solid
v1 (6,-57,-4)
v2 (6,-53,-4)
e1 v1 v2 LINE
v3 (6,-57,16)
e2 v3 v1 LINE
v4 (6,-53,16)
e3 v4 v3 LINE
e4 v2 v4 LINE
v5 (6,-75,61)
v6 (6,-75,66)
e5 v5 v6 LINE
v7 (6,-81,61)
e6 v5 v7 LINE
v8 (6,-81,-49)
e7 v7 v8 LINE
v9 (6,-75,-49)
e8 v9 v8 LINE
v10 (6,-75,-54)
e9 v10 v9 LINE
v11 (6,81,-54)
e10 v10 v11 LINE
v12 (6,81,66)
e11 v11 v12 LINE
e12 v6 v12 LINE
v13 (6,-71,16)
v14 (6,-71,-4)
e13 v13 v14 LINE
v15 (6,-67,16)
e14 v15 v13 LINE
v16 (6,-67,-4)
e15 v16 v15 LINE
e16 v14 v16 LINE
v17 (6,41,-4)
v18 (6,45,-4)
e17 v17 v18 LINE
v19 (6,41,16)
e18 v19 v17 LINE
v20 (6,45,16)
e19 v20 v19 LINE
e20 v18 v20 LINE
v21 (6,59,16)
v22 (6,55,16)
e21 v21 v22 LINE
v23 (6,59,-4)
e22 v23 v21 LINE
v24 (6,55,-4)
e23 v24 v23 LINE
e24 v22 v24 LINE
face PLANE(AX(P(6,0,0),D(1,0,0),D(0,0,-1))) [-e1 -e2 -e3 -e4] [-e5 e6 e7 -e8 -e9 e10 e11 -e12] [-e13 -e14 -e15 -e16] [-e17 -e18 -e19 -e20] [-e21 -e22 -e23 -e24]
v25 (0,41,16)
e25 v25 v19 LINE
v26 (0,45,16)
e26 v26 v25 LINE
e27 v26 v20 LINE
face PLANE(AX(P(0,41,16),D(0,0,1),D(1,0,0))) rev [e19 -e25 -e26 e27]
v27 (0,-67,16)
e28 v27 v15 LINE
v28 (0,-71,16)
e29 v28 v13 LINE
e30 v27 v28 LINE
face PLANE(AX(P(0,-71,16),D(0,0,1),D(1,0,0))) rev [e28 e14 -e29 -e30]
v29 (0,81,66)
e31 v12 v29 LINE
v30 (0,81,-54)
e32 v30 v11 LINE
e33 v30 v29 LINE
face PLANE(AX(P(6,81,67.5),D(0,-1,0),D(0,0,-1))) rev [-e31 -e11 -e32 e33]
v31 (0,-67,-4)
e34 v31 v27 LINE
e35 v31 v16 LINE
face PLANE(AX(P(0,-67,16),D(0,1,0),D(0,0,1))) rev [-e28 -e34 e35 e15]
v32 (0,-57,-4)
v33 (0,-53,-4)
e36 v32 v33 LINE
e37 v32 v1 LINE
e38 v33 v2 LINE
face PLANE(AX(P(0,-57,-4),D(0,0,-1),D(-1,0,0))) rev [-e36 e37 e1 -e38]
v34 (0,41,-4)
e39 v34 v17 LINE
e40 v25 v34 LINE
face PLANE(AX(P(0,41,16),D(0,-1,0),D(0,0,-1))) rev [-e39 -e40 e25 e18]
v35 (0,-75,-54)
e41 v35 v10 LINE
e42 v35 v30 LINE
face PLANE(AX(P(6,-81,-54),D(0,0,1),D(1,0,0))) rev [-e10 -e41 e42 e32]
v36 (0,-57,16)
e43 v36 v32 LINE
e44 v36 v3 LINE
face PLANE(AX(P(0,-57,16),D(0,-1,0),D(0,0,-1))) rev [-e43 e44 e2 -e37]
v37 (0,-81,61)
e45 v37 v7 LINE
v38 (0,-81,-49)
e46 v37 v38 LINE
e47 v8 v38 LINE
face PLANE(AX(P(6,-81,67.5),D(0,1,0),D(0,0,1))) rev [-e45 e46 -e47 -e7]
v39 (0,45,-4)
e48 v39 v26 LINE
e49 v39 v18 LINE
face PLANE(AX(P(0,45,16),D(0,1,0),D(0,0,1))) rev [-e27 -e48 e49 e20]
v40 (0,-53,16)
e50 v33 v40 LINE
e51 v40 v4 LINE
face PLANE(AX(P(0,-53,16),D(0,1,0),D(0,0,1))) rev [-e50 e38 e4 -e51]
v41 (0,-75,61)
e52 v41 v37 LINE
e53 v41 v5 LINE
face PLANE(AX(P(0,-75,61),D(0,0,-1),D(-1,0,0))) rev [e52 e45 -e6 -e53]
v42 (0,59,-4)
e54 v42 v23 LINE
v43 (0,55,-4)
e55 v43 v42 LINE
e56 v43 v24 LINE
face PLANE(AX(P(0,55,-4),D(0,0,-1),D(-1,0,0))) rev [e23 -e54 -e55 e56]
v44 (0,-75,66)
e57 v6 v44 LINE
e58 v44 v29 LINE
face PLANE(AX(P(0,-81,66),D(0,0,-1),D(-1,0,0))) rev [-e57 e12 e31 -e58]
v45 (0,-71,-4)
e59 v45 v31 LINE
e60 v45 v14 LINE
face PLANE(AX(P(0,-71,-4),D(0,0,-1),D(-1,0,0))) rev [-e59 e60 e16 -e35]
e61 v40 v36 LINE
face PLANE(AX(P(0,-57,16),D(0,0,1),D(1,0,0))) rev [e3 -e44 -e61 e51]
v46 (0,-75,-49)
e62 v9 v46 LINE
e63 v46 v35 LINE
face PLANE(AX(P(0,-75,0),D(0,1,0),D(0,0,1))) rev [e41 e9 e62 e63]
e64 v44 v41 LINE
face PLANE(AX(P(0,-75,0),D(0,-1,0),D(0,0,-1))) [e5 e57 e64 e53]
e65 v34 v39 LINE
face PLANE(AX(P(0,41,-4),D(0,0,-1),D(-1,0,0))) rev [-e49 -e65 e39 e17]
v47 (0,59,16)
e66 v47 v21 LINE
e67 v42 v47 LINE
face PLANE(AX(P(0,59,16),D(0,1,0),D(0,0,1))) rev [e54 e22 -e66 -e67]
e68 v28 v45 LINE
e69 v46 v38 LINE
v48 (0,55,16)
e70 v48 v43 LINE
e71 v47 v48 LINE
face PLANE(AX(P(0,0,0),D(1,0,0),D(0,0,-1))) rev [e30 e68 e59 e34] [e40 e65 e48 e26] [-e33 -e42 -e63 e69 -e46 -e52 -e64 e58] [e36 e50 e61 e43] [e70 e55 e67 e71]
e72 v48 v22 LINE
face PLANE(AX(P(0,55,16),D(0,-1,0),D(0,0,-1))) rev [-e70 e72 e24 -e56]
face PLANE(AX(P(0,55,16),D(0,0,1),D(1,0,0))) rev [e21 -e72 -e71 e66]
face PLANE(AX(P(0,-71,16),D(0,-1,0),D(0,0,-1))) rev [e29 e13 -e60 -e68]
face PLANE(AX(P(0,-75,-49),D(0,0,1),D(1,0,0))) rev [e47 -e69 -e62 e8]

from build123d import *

# Parameters (mm, degrees)
CROQUIS2_W              = 135
CROQUIS2_H              = 162
SALIENTE_EXTRUIR1_DEPTH = 6
CROQUIS4_W              = 6
CROQUIS4_H              = 13.5
CROQUIS4_H_2            = 1.5
CORTAR_EXTRUIR2_DEPTH   = 163
CROQUIS5_W              = 6
CROQUIS5_H              = 6.5
CROQUIS5_H_2            = 5
CORTAR_EXTRUIR3_DEPTH   = 6
CROQUIS7_W              = 20
CROQUIS7_H              = 4
CORTAR_EXTRUIR5_DEPTH   = 6


with BuildPart() as part:
    # Croquis2 → Saliente-Extruir1 (new body)
    with BuildSketch(Plane(origin=(0, 0, 0), x_dir=(0, 0, -1), z_dir=(1, 0, 0))):
        Rectangle(CROQUIS2_W, CROQUIS2_H)
    extrude(amount=SALIENTE_EXTRUIR1_DEPTH)

    # Croquis4 → Cortar-Extruir2 (cut, through all)
    with BuildSketch(Plane(origin=(0, 81, 0), x_dir=(1, 0, 0), z_dir=(0, 1, 0))):
        with Locations((3, 60.75)):
            Rectangle(CROQUIS4_W, CROQUIS4_H)
        with Locations((3, -66.75)):
            Rectangle(CROQUIS4_W, CROQUIS4_H_2)
    extrude(amount=-CORTAR_EXTRUIR2_DEPTH, mode=Mode.SUBTRACT)

    # Croquis5 → Cortar-Extruir3 (cut)
    with BuildSketch(Plane.XZ.offset(81)):
        with Locations((3, 64.25)):
            Rectangle(CROQUIS5_W, CROQUIS5_H)
        with Locations((3, -51.5)):
            Rectangle(CROQUIS5_W, CROQUIS5_H_2)
    extrude(amount=-CORTAR_EXTRUIR3_DEPTH, mode=Mode.SUBTRACT)

    # Croquis7 → Cortar-Extruir5 (cut)
    with BuildSketch(Plane(origin=(6, 0, 0), x_dir=(0, 0, -1), z_dir=(1, 0, 0))):
        with Locations((-6, -69)):
            Rectangle(CROQUIS7_W, CROQUIS7_H)
        with Locations((-6, -55)):
            Rectangle(CROQUIS7_W, CROQUIS7_H)
        with Locations((-6, 43)):
            Rectangle(CROQUIS7_W, CROQUIS7_H)
        with Locations((-6, 57)):
            Rectangle(CROQUIS7_W, CROQUIS7_H)
    extrude(amount=-CORTAR_EXTRUIR5_DEPTH, mode=Mode.SUBTRACT)


solid = part.part
